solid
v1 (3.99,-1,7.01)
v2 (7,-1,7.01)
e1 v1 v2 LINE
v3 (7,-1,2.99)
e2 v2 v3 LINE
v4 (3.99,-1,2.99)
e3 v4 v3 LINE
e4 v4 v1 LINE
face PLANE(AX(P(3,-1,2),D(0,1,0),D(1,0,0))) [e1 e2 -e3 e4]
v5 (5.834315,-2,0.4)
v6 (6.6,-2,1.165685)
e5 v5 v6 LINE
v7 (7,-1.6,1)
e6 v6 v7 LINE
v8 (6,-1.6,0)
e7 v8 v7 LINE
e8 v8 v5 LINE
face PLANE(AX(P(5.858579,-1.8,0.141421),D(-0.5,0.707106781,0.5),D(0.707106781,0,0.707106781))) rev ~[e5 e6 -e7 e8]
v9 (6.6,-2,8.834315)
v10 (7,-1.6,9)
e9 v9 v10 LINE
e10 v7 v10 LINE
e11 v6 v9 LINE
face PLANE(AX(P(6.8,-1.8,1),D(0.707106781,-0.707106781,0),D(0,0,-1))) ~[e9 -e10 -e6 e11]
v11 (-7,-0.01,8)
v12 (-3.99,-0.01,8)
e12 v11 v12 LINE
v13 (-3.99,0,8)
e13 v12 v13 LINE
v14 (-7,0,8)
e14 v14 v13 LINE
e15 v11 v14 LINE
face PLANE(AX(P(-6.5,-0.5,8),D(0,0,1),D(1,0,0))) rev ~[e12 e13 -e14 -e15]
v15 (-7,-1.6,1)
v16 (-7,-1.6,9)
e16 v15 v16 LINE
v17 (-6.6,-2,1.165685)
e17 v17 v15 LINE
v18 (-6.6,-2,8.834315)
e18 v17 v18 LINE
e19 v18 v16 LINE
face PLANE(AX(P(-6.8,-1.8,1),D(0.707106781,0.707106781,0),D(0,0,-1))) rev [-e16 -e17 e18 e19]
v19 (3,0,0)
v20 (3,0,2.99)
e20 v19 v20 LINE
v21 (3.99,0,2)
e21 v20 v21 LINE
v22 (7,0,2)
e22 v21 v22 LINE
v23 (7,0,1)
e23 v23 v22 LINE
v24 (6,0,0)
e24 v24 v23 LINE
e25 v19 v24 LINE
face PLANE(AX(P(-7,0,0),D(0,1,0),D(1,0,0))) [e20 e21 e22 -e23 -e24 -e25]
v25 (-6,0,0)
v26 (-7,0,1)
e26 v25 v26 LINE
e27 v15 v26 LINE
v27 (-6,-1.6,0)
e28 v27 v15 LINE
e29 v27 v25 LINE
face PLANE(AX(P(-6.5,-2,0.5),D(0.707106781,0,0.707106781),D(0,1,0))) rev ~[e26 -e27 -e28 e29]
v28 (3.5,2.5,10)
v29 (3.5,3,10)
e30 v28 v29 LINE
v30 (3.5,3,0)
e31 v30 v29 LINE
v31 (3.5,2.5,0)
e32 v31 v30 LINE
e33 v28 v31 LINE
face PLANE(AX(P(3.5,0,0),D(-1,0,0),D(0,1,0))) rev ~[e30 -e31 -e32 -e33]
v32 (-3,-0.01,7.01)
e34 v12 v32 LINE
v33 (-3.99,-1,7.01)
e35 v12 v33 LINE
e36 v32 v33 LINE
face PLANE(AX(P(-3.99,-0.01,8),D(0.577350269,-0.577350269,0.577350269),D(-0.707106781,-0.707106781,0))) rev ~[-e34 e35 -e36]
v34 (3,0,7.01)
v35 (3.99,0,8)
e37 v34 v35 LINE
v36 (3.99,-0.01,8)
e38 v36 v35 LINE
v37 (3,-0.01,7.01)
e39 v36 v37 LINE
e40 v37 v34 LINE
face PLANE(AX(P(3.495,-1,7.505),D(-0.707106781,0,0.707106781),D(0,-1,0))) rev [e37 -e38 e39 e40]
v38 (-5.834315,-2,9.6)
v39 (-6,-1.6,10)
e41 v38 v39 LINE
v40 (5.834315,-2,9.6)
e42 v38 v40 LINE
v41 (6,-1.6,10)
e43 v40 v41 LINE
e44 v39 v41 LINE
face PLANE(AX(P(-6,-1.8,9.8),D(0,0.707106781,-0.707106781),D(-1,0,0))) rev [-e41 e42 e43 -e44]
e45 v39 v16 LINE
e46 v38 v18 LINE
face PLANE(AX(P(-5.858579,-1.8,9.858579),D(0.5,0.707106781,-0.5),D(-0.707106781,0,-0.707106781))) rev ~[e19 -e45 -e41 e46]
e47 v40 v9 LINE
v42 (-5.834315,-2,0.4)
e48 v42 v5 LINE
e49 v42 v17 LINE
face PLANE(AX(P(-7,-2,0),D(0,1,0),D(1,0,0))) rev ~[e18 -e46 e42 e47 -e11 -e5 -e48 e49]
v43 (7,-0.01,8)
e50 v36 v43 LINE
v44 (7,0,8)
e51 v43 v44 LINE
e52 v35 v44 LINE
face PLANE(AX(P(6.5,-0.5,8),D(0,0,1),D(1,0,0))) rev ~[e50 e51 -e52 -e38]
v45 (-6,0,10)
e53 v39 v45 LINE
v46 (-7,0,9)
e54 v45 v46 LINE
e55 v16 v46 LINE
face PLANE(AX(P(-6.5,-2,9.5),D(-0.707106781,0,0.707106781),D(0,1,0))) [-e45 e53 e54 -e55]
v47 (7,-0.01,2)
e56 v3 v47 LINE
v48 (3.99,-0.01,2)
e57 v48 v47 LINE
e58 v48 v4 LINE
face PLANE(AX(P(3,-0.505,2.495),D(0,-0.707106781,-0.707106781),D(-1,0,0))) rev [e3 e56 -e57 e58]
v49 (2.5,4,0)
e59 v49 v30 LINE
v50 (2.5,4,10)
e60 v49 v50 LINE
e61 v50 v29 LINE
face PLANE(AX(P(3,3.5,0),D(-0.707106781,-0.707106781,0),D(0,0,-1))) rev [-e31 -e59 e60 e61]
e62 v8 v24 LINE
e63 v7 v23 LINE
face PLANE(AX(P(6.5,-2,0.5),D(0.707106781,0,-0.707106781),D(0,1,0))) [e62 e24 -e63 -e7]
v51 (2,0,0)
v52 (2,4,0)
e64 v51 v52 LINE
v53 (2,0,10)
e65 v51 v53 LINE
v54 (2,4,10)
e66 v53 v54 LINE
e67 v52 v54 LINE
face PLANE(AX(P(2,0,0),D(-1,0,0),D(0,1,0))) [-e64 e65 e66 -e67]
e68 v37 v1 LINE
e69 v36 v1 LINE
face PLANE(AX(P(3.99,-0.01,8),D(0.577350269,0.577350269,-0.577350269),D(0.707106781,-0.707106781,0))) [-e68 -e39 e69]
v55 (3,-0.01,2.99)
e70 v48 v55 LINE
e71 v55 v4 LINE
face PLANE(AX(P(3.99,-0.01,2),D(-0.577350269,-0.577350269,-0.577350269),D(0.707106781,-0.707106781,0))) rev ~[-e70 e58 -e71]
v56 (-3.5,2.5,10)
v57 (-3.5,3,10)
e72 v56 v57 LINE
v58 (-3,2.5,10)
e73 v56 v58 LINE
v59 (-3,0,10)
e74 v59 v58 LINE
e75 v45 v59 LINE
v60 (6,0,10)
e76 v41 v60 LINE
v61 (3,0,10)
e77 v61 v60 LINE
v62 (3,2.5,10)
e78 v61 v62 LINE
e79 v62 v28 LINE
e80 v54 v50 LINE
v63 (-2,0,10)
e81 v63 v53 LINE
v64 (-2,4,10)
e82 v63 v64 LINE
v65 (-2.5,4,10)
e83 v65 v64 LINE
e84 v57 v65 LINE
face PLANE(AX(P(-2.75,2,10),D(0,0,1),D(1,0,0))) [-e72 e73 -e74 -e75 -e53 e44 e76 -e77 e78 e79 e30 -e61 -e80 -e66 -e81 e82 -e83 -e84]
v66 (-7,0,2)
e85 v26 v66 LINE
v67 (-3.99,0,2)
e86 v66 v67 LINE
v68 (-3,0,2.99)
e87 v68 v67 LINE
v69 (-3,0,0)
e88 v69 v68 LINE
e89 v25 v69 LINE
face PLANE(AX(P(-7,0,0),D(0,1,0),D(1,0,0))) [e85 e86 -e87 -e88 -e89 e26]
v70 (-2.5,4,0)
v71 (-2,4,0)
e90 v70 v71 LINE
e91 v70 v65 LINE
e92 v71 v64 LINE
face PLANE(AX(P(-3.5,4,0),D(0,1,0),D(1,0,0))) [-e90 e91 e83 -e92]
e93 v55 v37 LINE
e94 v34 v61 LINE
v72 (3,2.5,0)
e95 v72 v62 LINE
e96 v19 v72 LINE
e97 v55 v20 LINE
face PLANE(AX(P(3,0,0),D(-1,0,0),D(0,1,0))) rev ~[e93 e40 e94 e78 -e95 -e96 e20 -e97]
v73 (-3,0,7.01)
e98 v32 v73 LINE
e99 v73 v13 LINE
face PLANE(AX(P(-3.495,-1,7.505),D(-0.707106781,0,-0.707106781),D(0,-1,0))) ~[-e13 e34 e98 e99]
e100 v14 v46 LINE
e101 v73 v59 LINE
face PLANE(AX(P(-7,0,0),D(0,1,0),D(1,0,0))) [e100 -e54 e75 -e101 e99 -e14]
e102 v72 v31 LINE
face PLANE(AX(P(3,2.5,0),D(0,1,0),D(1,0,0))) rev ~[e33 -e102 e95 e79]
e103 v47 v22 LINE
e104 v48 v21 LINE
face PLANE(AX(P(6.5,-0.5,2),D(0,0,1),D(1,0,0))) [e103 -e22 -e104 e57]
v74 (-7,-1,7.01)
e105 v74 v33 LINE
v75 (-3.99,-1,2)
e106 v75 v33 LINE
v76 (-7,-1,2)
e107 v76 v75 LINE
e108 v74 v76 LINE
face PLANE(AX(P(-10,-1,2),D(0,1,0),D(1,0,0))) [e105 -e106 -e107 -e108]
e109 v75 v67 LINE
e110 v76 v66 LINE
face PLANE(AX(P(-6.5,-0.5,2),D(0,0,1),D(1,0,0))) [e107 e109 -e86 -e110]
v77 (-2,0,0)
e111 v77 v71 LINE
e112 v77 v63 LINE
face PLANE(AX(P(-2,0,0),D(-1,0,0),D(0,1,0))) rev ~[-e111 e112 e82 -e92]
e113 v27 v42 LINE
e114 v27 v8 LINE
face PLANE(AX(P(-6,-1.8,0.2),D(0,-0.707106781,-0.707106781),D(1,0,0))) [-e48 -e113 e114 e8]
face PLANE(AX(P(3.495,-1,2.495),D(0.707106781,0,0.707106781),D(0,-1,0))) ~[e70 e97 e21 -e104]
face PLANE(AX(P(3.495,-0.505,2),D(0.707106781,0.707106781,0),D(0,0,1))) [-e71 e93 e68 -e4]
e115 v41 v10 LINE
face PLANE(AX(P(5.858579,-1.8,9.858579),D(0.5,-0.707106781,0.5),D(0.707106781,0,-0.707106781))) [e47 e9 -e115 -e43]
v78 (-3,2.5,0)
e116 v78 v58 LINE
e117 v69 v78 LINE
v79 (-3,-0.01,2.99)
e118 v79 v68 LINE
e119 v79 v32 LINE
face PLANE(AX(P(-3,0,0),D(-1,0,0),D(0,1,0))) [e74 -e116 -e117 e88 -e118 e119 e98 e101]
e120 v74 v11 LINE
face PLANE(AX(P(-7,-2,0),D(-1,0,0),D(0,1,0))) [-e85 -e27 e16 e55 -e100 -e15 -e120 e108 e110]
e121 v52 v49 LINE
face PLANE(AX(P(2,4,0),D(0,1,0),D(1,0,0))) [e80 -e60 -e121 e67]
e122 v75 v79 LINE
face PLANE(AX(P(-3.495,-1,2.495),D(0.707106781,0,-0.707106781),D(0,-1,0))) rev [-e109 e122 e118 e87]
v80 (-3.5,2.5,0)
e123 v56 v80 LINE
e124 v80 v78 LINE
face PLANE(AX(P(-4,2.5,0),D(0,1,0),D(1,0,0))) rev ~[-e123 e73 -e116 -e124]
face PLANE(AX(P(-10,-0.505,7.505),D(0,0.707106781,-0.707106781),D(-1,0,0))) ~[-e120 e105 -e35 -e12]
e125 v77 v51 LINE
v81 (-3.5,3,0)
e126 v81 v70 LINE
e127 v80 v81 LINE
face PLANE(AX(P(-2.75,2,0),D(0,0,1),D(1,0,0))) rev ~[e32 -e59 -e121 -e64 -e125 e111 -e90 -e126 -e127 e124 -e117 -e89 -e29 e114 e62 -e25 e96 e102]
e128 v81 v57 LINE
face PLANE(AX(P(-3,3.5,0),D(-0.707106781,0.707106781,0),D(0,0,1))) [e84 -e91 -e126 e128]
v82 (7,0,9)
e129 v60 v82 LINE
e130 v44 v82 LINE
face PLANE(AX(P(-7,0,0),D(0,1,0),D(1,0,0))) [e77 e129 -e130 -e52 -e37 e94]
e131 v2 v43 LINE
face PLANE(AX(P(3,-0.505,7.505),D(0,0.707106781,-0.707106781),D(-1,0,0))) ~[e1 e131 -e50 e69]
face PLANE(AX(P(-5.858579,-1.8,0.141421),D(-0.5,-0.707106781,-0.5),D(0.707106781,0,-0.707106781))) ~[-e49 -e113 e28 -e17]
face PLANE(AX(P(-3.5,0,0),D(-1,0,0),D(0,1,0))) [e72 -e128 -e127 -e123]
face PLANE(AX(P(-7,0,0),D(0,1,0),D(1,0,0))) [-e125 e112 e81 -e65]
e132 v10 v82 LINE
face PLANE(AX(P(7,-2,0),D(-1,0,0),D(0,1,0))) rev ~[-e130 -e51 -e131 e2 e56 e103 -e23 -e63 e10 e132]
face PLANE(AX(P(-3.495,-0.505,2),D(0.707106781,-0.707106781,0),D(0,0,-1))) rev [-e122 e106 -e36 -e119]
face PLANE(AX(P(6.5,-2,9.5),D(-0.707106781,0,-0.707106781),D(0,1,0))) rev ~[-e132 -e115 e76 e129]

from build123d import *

# Parameters (mm, degrees)
BOX009_W        = 1
BOX009_H        = 2.5
BOX009_DEPTH    = 10
BOX010_W        = 1.5
BOX010_H        = 4
BOX010_DEPTH    = 10
CHAMFER005_SIZE = 1
BOX008_W        = 1
BOX008_H        = 2.5
BOX008_DEPTH    = 10
BOX011_W        = 1.5
BOX011_H        = 4
BOX011_DEPTH    = 10
CHAMFER004_SIZE = 1
BOX014_W        = 7
BOX014_H        = 1
BOX014_DEPTH    = 6
CHAMFER012_SIZE = 0.99
BOX015_W        = 7
BOX015_H        = 1
BOX015_DEPTH    = 6
CHAMFER013_SIZE = 0.99
BOX012_W        = 14
BOX012_H        = 2
BOX012_DEPTH    = 10
CHAMFER014_SIZE = 1
CHAMFER015_SIZE = 0.4


with BuildPart() as cube009:
    # Box009 → Box009 (new body)
    with BuildSketch(Plane(origin=(3, 0, 0), x_dir=(1, 0, 0), z_dir=(0, 0, 1))):
        with Locations((0.5, 1.25)):
            Rectangle(BOX009_W, BOX009_H)
    extrude(amount=BOX009_DEPTH)


with BuildPart() as chamfer005:
    # Box010 → Box010 (new body)
    with BuildSketch(Plane(origin=(2, 0, 0), x_dir=(1, 0, 0), z_dir=(0, 0, 1))):
        with Locations((0.75, 2)):
            Rectangle(BOX010_W, BOX010_H)
    extrude(amount=BOX010_DEPTH)

    # Cut005: cut Cube009
    add(cube009.part, mode=Mode.SUBTRACT)

    # Chamfer005
    chamfer005_edges = [chamfer005.edges().sort_by_distance(p)[0] for p in [
        (3.5, 4, 5),
    ]]
    chamfer(chamfer005_edges, length=CHAMFER005_SIZE)


with BuildPart() as cube008:
    # Box008 → Box008 (new body)
    with BuildSketch(Plane(origin=(-4, 0, 0), x_dir=(1, 0, 0), z_dir=(0, 0, 1))):
        with Locations((0.5, 1.25)):
            Rectangle(BOX008_W, BOX008_H)
    extrude(amount=BOX008_DEPTH)


with BuildPart() as chamfer004:
    # Box011 → Box011 (new body)
    with BuildSketch(Plane(origin=(-3.5, 0, 0), x_dir=(1, 0, 0), z_dir=(0, 0, 1))):
        with Locations((0.75, 2)):
            Rectangle(BOX011_W, BOX011_H)
    extrude(amount=BOX011_DEPTH)

    # Cut004: cut Cube008
    add(cube008.part, mode=Mode.SUBTRACT)

    # Chamfer004
    chamfer004_edges = [chamfer004.edges().sort_by_distance(p)[0] for p in [
        (-3.5, 4, 5),
    ]]
    chamfer(chamfer004_edges, length=CHAMFER004_SIZE)


with BuildPart() as chamfer012:
    # Box014 → Box014 (new body)
    with BuildSketch(Plane(origin=(3, -1, 2), x_dir=(1, 0, 0), z_dir=(0, 0, 1))):
        with Locations((3.5, 0.5)):
            Rectangle(BOX014_W, BOX014_H)
    extrude(amount=BOX014_DEPTH)

    # Chamfer012
    chamfer012_edges = [chamfer012.edges().sort_by_distance(p)[0] for p in [
        (3, -1, 5),
        (3, -0.5, 8),
        (3, -0.5, 2),
        (6.5, -1, 2),
        (6.5, -1, 8),
    ]]
    chamfer(chamfer012_edges, length=CHAMFER012_SIZE)


with BuildPart() as fusion004:
    # Box015 → Box015 (new body)
    with BuildSketch(Plane(origin=(-10, -1, 2), x_dir=(1, 0, 0), z_dir=(0, 0, 1))):
        with Locations((3.5, 0.5)):
            Rectangle(BOX015_W, BOX015_H)
    extrude(amount=BOX015_DEPTH)

    # Chamfer013
    chamfer013_edges = [fusion004.edges().sort_by_distance(p)[0] for p in [
        (-3, -1, 5),
        (-3, -0.5, 8),
        (-3, -0.5, 2),
        (-6.5, -1, 8),
    ]]
    chamfer(chamfer013_edges, length=CHAMFER013_SIZE)

    # Fusion004: union Chamfer012
    add(chamfer012.part)


with BuildPart() as cable_rail_cap_r1:
    # Box012 → Box012 (new body)
    with BuildSketch(Plane(origin=(-7, -2, 0), x_dir=(1, 0, 0), z_dir=(0, 0, 1))):
        with Locations((7, 1)):
            Rectangle(BOX012_W, BOX012_H)
    extrude(amount=BOX012_DEPTH)

    # Cut010: cut Fusion004
    add(fusion004.part, mode=Mode.SUBTRACT)

    # Fusion005: union Chamfer005, Chamfer004
    add(chamfer005.part)
    add(chamfer004.part)

    # Chamfer014
    chamfer014_edges = [cable_rail_cap_r1.edges().sort_by_distance(p)[0] for p in [
        (-7, -1, 10),
        (-7, -1, 0),
        (7, -1, 10),
        (7, -1, 0),
    ]]
    chamfer(chamfer014_edges, length=CHAMFER014_SIZE)

    # Chamfer015
    chamfer015_edges = [cable_rail_cap_r1.edges().sort_by_distance(p)[0] for p in [
        (-7, -2, 5),
        (-6.5, -2, 9.5),
        (0, -2, 0),
        (-6.5, -2, 0.5),
        (6.5, -2, 0.5),
        (7, -2, 5),
        (6.5, -2, 9.5),
        (0, -2, 10),
    ]]
    chamfer(chamfer015_edges, length=CHAMFER015_SIZE)


solid = cable_rail_cap_r1.part
